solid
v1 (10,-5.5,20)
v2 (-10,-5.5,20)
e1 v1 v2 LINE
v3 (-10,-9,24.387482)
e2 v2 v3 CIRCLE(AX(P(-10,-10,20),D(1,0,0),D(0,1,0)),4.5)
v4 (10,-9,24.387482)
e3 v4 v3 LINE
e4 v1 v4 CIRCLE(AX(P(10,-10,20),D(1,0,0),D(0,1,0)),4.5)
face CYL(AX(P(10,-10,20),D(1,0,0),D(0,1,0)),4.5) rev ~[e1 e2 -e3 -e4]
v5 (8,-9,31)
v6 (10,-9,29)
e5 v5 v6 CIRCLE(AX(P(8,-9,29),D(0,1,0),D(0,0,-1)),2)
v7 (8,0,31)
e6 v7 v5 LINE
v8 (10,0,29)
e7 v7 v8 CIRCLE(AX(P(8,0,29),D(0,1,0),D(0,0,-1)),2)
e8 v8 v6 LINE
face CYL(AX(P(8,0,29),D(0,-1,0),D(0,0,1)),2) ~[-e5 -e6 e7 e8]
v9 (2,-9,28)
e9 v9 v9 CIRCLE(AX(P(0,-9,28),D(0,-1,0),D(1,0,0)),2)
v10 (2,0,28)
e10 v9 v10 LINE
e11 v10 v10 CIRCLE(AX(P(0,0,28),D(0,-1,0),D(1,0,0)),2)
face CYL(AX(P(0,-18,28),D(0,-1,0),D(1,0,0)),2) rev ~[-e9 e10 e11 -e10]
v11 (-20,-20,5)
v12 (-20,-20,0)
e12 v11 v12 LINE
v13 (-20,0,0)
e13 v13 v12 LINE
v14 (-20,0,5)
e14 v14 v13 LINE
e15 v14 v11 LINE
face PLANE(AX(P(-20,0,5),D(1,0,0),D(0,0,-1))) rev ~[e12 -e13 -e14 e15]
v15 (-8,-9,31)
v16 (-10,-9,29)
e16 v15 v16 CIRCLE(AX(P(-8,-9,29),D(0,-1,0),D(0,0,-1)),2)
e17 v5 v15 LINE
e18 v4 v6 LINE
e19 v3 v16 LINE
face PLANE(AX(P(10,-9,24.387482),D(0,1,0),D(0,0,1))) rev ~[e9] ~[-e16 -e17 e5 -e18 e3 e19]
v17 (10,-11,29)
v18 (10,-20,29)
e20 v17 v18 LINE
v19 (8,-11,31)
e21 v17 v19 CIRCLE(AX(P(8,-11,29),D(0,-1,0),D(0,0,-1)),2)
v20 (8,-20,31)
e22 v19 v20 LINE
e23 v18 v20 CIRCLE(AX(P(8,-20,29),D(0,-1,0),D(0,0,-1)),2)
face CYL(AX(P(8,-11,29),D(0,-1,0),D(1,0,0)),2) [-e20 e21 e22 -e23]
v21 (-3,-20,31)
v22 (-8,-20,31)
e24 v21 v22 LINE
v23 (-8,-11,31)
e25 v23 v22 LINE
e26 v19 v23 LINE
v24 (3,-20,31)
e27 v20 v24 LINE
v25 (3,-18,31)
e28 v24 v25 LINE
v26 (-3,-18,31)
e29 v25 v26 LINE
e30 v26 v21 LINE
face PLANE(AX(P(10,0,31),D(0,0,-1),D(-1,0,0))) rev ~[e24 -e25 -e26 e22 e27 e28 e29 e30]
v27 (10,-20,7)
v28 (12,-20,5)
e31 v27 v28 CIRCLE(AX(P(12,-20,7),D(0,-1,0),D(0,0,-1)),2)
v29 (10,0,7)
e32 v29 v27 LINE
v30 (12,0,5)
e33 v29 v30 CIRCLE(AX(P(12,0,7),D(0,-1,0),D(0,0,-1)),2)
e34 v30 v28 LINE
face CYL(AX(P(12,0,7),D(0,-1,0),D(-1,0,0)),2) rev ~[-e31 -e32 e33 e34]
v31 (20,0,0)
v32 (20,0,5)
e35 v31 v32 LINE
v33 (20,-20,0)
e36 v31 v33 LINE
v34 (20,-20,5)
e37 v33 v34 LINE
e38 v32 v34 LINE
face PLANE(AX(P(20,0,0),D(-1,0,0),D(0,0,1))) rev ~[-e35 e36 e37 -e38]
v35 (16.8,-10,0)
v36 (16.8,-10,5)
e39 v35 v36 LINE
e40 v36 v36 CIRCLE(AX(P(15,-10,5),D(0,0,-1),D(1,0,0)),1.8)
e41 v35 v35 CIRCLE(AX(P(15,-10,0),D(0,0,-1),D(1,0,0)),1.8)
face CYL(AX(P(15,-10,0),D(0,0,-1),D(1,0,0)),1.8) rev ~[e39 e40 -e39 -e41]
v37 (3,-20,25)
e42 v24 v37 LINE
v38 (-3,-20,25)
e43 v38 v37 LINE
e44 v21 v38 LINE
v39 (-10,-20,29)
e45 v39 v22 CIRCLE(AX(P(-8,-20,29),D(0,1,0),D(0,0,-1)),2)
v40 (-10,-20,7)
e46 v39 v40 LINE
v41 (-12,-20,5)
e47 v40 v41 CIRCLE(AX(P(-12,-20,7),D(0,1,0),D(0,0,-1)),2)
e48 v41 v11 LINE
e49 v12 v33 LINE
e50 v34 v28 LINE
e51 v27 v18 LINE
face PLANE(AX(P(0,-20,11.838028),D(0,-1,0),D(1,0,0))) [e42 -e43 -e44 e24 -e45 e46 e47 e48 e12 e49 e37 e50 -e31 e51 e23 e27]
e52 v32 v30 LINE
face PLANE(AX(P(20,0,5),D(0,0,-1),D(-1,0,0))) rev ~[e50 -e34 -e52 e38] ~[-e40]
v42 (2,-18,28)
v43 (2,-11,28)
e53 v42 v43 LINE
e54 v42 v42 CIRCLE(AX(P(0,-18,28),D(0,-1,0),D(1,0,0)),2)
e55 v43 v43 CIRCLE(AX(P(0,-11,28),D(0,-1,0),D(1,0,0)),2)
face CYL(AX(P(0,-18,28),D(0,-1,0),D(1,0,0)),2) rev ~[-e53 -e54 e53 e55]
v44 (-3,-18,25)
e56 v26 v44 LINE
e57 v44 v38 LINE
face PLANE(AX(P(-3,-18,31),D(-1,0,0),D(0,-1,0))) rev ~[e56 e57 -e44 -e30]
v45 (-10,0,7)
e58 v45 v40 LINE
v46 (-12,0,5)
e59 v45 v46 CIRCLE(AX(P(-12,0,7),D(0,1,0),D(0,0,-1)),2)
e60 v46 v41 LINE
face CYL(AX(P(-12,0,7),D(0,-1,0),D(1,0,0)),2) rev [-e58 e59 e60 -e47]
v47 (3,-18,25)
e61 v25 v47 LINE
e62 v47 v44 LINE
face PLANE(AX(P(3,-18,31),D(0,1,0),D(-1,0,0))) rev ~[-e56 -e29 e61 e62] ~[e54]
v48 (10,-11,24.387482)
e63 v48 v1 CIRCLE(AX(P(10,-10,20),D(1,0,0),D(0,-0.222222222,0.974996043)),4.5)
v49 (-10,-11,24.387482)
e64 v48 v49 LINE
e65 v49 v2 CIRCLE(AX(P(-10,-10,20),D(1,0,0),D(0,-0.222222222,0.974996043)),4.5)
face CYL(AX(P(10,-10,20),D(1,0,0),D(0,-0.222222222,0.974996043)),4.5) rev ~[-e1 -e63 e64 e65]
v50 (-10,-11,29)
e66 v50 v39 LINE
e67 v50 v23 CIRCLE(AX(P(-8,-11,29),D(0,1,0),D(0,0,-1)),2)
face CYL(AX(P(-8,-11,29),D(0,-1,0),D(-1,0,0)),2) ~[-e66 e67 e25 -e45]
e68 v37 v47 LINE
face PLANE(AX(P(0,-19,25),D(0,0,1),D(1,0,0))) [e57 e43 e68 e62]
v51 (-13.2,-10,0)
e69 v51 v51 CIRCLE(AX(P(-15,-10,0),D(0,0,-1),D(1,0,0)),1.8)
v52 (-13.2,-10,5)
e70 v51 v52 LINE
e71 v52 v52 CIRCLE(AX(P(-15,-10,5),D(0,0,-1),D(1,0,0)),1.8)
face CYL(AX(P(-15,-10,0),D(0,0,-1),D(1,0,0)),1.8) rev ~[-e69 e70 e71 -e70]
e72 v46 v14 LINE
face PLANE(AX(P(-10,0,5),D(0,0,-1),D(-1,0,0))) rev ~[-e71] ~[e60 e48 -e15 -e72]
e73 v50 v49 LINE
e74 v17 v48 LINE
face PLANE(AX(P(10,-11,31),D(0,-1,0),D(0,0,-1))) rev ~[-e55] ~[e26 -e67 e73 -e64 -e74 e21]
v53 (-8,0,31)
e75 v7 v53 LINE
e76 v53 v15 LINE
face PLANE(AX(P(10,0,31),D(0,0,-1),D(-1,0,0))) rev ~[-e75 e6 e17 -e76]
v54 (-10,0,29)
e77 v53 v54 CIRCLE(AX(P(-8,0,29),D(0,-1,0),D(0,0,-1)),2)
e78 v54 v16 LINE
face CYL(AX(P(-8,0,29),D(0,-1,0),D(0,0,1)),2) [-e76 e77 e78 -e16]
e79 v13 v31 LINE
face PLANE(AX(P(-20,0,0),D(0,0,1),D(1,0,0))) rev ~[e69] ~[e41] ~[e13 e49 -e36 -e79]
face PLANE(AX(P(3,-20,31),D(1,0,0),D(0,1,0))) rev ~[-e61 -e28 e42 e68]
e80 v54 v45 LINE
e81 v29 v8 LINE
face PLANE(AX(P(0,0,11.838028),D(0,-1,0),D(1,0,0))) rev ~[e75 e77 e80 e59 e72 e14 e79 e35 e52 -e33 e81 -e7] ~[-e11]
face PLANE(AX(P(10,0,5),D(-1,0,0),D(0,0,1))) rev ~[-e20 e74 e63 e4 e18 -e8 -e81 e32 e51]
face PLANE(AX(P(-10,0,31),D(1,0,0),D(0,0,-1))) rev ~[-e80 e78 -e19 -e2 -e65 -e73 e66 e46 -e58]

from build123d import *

# Parameters (mm, degrees)
F1_DEPTH = 20
F2_R     = 1.8
F3_DEPTH = 25
F5_DEPTH = 25
F7_DEPTH = 6
F8_R     = 2
F9_DEPTH = 25
F10_R    = 2


with BuildPart() as f1:
    # F0 (on Front) → F1 (new body)
    with BuildSketch(Plane.XZ):
        Polygon((10, 31), (-10, 31), (-10, 5), (-20, 5), (-20, 0), (20, 0), (20, 5), (10, 5), align=None)
    extrude(amount=F1_DEPTH)

    # F2 (on face) → F3 (cut)
    with BuildSketch(Plane(origin=(0, 0, 0), x_dir=(1, 0, 0), z_dir=(0, 0, -1))):
        with Locations((-15, 10)):
            Circle(F2_R)
        with Locations((15, 10)):
            Circle(F2_R)
    extrude(amount=-F3_DEPTH, mode=Mode.SUBTRACT)

    # F4 (on face) → F5 (cut)
    with BuildSketch(Plane.YZ.offset(10)):
        with BuildLine():
            ThreePointArc((-11, 24.3874821937), (-12.8062430401, 16.4821881801), (-5.5, 20))
            ThreePointArc((-5.5, 20), (-6.4821881801, 22.8062430401), (-9, 24.3874821937))
            Line((-9, 24.3874821937), (-9, 20))
            Line((-9, 20), (-10, 20))
            Line((-10, 20), (-11, 20))
            Line((-11, 20), (-11, 24.3874821937))
        make_face()
        with BuildLine():
            ThreePointArc((-11, 24.3874821937), (-10, 24.5), (-9, 24.3874821937))
            Line((-9, 24.3874821937), (-9, 31))
            Line((-9, 31), (-11, 31))
            Line((-11, 31), (-11, 24.3874821937))
        make_face()
        with BuildLine():
            Line((-9, 20), (-9, 24.3874821937))
            ThreePointArc((-9, 24.3874821937), (-10, 24.5), (-11, 24.3874821937))
            Line((-11, 24.3874821937), (-11, 20))
            Line((-11, 20), (-10, 20))
            Line((-10, 20), (-9, 20))
        make_face()
    extrude(amount=-F5_DEPTH, mode=Mode.SUBTRACT)

    # F6 (on face) → F7 (cut)
    with BuildSketch(Plane.XY.offset(31)):
        Polygon((-3, -18), (-3, -20), (3, -20), (3, -18), (0, -18), align=None)
    extrude(amount=-F7_DEPTH, mode=Mode.SUBTRACT)

    # F8 (on face) → F9 (cut)
    with BuildSketch(Plane.XZ.offset(18)):
        with Locations((0, 28)):
            Circle(F8_R)
    extrude(amount=-F9_DEPTH, mode=Mode.SUBTRACT)

    # F10
    f10_edges = [f1.edges().sort_by_distance(p)[0] for p in [
        (10, -15.5, 31),
        (10, -4.5, 31),
        (-10, -4.5, 31),
        (-10, -15.5, 31),
        (10, -10, 5),
        (-10, -10, 5),
    ]]
    fillet(f10_edges, radius=F10_R)


solid = f1.part
